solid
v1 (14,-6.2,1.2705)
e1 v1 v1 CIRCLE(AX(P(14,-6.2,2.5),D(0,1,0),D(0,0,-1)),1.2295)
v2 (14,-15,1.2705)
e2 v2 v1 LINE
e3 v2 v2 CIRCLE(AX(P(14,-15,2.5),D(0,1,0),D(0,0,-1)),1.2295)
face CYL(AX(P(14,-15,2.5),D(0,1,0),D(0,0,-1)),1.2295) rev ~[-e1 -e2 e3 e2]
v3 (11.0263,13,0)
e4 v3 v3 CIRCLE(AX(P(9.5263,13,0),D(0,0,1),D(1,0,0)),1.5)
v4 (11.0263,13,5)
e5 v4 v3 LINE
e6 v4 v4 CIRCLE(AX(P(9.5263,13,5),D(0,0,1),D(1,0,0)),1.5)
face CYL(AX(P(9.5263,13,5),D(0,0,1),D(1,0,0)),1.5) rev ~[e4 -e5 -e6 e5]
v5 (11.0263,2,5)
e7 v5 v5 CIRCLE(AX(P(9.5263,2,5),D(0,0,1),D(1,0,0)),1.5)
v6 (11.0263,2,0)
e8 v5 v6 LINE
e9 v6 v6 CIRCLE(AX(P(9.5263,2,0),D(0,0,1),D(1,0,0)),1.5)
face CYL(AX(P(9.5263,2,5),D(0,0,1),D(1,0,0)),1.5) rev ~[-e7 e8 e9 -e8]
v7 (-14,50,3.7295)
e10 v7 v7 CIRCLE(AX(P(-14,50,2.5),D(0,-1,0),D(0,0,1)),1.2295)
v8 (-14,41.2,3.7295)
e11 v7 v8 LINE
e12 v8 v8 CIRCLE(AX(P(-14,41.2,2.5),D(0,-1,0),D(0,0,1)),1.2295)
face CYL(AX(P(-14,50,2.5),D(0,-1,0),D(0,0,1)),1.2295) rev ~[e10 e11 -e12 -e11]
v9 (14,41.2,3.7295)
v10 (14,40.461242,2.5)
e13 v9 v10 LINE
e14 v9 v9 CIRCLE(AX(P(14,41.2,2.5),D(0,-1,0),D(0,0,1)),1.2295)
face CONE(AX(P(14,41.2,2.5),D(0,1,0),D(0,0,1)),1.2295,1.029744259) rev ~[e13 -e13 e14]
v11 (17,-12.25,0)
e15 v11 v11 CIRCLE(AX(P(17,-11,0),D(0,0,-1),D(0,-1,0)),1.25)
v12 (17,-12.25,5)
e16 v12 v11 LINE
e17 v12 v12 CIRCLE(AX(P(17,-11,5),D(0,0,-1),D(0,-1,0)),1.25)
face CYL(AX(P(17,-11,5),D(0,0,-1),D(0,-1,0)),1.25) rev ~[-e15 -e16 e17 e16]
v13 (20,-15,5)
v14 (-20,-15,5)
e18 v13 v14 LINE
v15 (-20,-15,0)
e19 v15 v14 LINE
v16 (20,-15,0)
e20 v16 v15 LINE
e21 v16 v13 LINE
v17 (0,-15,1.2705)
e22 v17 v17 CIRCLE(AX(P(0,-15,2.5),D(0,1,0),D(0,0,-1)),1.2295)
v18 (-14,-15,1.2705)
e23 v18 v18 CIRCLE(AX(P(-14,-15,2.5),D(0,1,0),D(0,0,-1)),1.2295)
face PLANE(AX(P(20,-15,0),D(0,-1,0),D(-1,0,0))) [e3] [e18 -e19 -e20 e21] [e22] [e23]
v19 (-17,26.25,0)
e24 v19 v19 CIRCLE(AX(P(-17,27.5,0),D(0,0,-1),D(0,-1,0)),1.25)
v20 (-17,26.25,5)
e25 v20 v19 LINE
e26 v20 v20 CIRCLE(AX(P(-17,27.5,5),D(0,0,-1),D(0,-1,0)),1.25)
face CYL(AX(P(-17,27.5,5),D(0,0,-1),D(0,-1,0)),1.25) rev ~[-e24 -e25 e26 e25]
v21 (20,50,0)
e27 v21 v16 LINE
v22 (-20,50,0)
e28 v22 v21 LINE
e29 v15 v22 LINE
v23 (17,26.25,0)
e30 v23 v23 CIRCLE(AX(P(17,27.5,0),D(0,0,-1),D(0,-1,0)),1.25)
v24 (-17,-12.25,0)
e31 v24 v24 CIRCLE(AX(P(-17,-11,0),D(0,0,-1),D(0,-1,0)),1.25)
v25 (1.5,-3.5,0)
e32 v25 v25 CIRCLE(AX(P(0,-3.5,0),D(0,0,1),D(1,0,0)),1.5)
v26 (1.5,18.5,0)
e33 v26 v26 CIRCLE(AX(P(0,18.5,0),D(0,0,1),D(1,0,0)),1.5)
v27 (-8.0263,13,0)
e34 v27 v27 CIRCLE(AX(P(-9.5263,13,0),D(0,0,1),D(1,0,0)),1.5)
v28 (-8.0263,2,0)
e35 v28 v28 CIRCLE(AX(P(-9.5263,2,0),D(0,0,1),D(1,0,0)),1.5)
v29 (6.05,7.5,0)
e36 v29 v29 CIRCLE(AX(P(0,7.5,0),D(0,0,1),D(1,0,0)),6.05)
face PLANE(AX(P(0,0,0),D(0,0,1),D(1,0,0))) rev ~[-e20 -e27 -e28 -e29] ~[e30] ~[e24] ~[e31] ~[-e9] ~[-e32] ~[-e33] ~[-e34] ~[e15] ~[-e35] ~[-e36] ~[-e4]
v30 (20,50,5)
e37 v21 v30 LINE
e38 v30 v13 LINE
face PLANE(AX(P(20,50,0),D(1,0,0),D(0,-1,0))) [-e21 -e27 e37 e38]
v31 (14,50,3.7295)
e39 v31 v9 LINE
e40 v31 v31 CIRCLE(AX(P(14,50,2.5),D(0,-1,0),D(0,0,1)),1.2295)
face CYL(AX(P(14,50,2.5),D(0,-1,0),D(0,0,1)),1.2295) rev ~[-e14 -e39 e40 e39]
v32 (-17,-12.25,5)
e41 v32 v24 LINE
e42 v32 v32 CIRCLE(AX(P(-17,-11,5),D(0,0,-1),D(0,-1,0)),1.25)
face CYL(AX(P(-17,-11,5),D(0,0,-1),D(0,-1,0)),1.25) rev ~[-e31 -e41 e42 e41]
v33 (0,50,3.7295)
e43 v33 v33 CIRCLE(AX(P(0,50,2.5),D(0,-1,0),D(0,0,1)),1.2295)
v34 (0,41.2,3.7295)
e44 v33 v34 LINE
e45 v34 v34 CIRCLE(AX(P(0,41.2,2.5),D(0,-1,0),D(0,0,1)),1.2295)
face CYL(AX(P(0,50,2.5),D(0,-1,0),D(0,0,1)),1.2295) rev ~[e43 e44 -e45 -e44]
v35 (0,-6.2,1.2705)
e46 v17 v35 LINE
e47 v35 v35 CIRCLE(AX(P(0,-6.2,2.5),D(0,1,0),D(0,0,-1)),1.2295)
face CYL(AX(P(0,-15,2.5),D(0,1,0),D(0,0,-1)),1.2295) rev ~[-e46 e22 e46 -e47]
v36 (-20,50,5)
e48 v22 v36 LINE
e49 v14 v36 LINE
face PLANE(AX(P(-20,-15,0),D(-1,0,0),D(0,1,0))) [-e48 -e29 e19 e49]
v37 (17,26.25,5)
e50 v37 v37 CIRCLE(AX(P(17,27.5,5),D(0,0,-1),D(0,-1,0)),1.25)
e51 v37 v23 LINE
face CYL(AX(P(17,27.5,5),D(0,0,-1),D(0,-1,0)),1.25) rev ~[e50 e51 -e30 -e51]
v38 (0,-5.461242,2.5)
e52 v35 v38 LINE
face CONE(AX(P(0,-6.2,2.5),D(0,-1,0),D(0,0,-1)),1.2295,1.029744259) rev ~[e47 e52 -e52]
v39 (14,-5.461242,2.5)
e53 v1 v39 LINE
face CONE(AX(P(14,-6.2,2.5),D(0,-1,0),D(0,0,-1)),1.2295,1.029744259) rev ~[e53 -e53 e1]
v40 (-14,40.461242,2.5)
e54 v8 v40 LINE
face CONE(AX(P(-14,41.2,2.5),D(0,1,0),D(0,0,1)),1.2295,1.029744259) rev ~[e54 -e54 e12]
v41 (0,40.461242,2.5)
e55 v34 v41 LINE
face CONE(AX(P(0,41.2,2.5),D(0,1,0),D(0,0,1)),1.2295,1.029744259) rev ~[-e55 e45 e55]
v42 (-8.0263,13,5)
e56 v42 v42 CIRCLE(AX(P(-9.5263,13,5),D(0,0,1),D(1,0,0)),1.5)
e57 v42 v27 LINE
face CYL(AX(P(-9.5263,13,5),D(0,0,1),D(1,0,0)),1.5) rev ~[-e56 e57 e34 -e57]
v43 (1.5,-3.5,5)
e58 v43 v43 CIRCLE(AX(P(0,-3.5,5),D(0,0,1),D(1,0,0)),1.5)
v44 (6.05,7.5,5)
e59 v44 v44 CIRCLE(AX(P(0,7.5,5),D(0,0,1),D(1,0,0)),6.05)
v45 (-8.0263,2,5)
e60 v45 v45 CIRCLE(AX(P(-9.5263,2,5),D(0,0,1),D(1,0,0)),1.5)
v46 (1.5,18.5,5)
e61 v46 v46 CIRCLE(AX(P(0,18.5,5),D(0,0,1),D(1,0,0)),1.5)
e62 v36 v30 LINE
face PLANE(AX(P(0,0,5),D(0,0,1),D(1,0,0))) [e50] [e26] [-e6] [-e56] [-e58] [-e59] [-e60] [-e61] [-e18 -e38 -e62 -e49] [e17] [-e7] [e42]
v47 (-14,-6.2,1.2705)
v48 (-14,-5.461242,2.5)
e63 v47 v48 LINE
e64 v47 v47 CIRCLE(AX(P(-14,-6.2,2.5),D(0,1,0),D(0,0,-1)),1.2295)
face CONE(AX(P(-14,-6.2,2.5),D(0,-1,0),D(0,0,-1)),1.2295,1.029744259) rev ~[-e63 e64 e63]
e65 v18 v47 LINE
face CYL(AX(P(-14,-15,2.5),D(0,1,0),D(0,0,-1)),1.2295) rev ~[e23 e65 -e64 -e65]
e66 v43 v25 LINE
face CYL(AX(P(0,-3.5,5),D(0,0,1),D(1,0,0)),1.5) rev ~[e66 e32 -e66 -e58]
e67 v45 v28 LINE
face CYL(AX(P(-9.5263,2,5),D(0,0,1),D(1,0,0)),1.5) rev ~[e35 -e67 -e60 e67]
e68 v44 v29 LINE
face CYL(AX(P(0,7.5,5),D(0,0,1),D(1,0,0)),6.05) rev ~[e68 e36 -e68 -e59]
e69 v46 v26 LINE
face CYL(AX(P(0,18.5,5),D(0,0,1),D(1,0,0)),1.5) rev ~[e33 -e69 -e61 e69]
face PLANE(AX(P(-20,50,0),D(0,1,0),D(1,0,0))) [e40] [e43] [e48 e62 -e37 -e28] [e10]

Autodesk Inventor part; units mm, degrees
ref_plane "YZ Plane" through (0, 0, 0) normal (1, 0, 0) x (0, 1, 0)
ref_plane "XZ Plane" through (0, 0, 0) normal (0, 1, 0) x (-1, 0, 0)
ref_plane "XY Plane" through (0, 0, 0) normal (0, 0, 1) x (1, 0, 0)
sketch "Sketch1" plane through (0, 0, 0) normal (0, 0, 1) x (1, 0, 0)
  line L0 (20, -15) -> (-20, -15)
  line L1 (-20, -15) -> (-20, 50)
  line L2 (-20, 50) -> (20, 50)
  line L3 (20, 50) -> (20, -15)
  point P0 (0, 0)
  dimension "d0" = 40
  dimension "d1" = 65
  dimension "d27" = 15
  dimension "d28" = 20
extrude "Extrusion1" add sketch "Sketch1" along normal blind 5
sketch "Sketch5" plane through (-20, -15, 0) normal (0, -1, 0) x (1, 0, 0)
  line L0 (20, 0) -> (20, 7.6333) construction
  line L1 (0, 0) -> (0, 5) construction
  line L2 (0, 2.5) -> (40, 2.5) construction
  line L3 (40, 0) -> (40, 5) construction
  line L4 (20, 0) -> (20, 7.6333) construction
  line L5 (0, 5) -> (40, 5) construction
  point P0 (20, 2.5)
  point P1 (6, 2.5)
  point P2 (34, 2.5)
  dimension "d29" = 14
hole "Hole3" at (0, -15, 2.5) at (-14, -15, 2.5) at (14, -15, 2.5) direction (0, 1, 0) diameter 2.459 depth 8.8 tip angle 118 thread size "M3x0.5" class "6H" standard "ISO Metric profile"
sketch "Sketch6" plane through (0, 0, 5) normal (0, 0, 1) x (1, 0, 0)
  line L0 (-39.4918, 7.5) -> (40.0477, 7.5) construction
  line L1 (-20, -15) -> (20, -15) construction
  line L2 (20, -15) -> (20, 50) construction
  line L3 (20, 50) -> (-20, 50) construction
  line L4 (-20, 50) -> (-20, -15) construction
  circle A0 centre (0, 7.5) radius 6.05
  line L5 (0, 63) -> (0, -28) construction
  circle A1 centre (0, 7.5) radius 11 construction
  circle A2 centre (0, -3.5) radius 1.5
  circle A3 centre (9.5263, 2) radius 1.5
  circle A4 centre (9.5263, 13) radius 1.5
  circle A5 centre (0, 18.5) radius 1.5
  circle A6 centre (-9.5263, 13) radius 1.5
  circle A7 centre (-9.5263, 2) radius 1.5
  point P0 (0, 0)
  dimension "d40" = 22
  dimension "d38" = 22.5
  dimension "d39" = 12.1
  dimension "d41" = 3
  dimension "d44" = 360
extrude "Extrusion3" cut sketch "Sketch6" against normal through all
sketch "Sketch7" plane through (0, 0, 5) normal (0, 0, 1) x (1, 0, 0)
  circle A0 centre (0, 7.5) radius 7.05
  circle A1 centre (0, 7.5) radius 6.05 projected
  point P0 (0, 0)
  dimension "d48" = 1
extrude "Extrusion4" [suppressed]
sketch "Sketch8" plane through (-20, 50, 0) normal (0, 1, 0) x (1, 0, 0)
  circle A0 centre (6, -2.5) radius 1.2295 construction
  circle A1 centre (20, -2.5) radius 1.2295 construction
  circle A2 centre (34, -2.5) radius 1.2295 construction
  point P0 (20, 0)
hole "Hole4" at (14, 50, 2.5) at (0, 50, 2.5) at (-14, 50, 2.5) direction (0, -1, 0) diameter 2.459 depth 8.8 tip angle 118 thread size "M3x0.5" class "6H" standard "ANSI Metric M Profile"
sketch "Sketch9" plane through (0, 0, 5) normal (0, 0, 1) x (1, 0, 0)
  line L0 (17, -11) -> (-17, -11) construction
  line L1 (-17, -11) -> (-17, 27.5) construction
  line L2 (-17, 27.5) -> (17, 27.5) construction
  line L3 (17, 27.5) -> (17, -11) construction
  line L4 (17, -11) -> (-17, 27.5) construction
  line L5 (-17, -11) -> (17, 27.5) construction
  line L6 (-20, -15) -> (20, -15) construction
  line L7 (0, 63) -> (0, -28) construction
  point P0 (0, 0)
  point P1 (0, 8.25)
  dimension "d31" = 6
  dimension "d58" = 34
  dimension "d59" = 38.5
  dimension "d60" = 4
hole "Hole5" at (-17, 27.5, 5) at (17, 27.5, 5) at (17, -11, 5) at (-17, -11, 5) direction (0, 0, -1) diameter 2.5 end through all
equation "\"d28\" = 0.5 * d0"
properties part number "wheel_fix_plate_collet" material "Aluminum 6061"
